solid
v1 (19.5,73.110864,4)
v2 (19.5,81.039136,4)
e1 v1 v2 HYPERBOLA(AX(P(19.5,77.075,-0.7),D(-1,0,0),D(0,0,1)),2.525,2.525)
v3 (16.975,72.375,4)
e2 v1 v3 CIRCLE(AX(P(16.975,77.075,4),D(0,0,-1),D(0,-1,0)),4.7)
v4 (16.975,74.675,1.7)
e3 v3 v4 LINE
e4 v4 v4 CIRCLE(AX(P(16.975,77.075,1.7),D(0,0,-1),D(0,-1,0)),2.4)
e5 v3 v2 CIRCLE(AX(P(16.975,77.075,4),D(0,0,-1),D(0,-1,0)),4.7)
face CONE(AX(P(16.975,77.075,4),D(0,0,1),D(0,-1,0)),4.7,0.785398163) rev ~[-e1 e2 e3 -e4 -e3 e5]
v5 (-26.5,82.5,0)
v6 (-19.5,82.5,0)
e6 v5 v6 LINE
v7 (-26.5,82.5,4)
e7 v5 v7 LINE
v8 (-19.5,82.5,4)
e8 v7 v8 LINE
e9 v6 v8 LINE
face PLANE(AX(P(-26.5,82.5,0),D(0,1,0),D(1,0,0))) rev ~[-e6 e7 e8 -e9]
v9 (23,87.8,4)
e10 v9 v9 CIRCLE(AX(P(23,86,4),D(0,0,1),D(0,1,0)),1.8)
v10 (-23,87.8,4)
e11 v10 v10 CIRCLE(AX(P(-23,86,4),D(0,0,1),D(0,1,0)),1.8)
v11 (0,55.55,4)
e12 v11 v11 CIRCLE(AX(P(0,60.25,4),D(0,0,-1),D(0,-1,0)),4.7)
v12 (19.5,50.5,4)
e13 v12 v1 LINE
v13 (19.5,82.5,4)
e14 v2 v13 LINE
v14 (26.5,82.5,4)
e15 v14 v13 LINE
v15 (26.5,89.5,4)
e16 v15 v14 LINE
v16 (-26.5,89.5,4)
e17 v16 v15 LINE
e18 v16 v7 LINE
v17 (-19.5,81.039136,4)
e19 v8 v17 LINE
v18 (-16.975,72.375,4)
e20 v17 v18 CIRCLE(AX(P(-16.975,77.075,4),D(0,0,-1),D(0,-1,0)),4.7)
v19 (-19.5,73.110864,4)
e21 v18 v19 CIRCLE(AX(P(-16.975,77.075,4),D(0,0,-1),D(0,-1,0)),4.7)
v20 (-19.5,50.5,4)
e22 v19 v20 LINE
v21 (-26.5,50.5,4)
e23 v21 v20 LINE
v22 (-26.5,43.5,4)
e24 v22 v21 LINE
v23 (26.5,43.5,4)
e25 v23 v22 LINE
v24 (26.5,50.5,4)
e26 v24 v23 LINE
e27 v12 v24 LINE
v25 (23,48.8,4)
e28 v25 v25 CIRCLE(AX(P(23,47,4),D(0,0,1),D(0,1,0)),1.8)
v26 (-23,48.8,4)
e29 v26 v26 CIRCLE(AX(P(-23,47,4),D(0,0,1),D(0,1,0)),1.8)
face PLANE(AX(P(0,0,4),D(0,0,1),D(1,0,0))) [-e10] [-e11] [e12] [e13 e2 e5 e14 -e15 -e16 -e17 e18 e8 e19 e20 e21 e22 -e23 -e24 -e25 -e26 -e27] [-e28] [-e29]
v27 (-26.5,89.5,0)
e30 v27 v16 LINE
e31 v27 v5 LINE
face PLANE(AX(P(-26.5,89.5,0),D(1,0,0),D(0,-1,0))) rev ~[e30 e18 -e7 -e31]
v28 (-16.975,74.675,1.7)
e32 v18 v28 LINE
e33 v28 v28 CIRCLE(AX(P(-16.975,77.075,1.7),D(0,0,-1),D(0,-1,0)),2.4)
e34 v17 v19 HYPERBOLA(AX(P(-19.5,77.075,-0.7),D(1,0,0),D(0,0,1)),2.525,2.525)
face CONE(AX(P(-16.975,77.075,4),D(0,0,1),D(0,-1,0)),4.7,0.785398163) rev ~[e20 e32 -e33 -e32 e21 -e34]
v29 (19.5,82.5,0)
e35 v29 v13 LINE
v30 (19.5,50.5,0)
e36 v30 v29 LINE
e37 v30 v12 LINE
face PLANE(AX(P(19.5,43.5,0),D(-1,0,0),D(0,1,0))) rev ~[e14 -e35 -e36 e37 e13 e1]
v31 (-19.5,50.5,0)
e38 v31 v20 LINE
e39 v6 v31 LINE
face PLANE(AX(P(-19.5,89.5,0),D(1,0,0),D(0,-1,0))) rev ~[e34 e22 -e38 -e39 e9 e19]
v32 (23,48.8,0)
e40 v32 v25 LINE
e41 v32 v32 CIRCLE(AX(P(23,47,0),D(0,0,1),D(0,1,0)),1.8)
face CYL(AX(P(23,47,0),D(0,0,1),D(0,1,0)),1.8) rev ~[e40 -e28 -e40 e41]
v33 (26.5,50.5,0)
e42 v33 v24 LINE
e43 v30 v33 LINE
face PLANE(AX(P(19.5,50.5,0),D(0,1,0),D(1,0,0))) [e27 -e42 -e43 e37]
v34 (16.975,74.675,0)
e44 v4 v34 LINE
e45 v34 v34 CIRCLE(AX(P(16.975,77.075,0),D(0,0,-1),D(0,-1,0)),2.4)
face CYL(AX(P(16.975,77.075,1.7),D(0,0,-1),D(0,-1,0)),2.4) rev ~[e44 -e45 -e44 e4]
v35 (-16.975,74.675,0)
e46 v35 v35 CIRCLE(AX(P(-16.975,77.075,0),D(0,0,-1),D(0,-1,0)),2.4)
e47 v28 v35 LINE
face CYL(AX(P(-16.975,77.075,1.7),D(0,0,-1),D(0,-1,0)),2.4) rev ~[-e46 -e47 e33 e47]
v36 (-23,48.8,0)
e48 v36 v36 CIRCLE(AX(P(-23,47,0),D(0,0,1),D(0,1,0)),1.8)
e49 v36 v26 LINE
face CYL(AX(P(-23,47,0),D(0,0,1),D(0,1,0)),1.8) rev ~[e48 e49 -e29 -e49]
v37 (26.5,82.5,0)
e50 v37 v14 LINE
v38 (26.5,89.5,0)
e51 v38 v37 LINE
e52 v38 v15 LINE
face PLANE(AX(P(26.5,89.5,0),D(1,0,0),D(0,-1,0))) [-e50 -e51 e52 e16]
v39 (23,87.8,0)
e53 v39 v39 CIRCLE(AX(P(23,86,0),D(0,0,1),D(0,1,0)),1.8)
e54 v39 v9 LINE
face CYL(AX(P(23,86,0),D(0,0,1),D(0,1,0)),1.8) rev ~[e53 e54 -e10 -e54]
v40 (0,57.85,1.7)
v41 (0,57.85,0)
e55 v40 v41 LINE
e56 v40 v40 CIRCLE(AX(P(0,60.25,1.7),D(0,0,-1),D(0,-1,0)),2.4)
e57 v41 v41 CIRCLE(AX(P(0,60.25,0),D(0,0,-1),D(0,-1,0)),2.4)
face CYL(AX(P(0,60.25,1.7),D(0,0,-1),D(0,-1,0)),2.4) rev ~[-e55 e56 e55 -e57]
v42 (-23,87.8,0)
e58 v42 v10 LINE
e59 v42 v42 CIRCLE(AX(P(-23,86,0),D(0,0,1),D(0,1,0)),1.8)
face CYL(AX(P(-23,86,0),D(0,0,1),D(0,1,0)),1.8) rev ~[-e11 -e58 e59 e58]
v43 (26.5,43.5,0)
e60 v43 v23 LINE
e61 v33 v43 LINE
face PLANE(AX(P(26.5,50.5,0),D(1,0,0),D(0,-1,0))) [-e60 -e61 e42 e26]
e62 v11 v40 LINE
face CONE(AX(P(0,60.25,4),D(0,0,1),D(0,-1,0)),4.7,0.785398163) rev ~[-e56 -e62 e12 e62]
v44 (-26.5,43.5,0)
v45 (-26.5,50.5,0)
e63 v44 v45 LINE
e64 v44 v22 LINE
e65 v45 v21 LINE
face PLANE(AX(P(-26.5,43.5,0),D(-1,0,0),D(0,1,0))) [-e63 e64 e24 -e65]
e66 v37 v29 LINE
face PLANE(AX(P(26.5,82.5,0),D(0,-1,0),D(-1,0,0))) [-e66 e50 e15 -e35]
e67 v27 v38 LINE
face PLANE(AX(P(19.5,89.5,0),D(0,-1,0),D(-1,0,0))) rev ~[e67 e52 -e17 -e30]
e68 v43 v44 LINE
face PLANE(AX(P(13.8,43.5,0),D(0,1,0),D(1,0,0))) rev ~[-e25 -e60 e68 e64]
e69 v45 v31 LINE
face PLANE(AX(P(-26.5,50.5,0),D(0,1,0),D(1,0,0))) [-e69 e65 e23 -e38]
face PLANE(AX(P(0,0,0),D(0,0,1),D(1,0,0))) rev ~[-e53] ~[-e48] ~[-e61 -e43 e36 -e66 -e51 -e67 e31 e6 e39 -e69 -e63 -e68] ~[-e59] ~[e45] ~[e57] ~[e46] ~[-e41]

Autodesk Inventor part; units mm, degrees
ref_plane "YZ Plane" through (0, 0, 0) normal (1, 0, 0) x (0, 1, 0)
ref_plane "XZ Plane" through (0, 0, 0) normal (0, 1, 0) x (-1, 0, 0)
ref_plane "XY Plane" through (0, 0, 0) normal (0, 0, 1) x (1, 0, 0)
sketch "Sketch1" plane through (0, 0, 0) normal (0, 0, 1) x (1, 0, 0)
  circle A0 centre (16.975, 77.075) radius 1.621 projected
  circle A1 centre (0, 60.25) radius 1.621 projected
  circle A2 centre (-16.975, 77.075) radius 1.621 projected
  line L0 (-19.5, 89.5) -> (-19.5, 43.5) projected
  line L1 (-19.5, 43.5) -> (-13.8, 43.5) projected
  line L2 (-13.8, 43.5) -> (-13.8, 49.1) projected
  arc A3 (-10.8, 52.1) -> (-13.8, 49.1) centre (-10.8, 49.1) ccw projected
  line L3 (-10.8, 52.1) -> (10.8, 52.1) projected
  arc A4 (13.8, 49.1) -> (10.8, 52.1) centre (10.8, 49.1) ccw projected
  line L4 (13.8, 49.1) -> (13.8, 43.5) projected
  line L5 (13.8, 43.5) -> (19.5, 43.5) projected
  line L6 (19.5, 43.5) -> (19.5, 89.5) projected
  line L7 (19.5, 89.5) -> (-19.5, 89.5) projected
  circle A5 centre (-17, 46.5) radius 1.25 projected
  circle A6 centre (17, 46.5) radius 1.25 projected
  circle A7 centre (17, 86.5) radius 1.25 projected
  circle A8 centre (-17, 86.5) radius 1.25 projected
  line L8 (-19.5, 89.5) -> (19.5, 89.5)
  line L9 (19.5, 89.5) -> (19.5, 43.5)
  line L10 (19.5, 43.5) -> (-19.5, 43.5)
  line L11 (-19.5, 43.5) -> (-19.5, 89.5)
  point P0 (0, 0)
  point P1 (-13.8, 43.5)
  point P2 (13.8, 43.5)
extrude "Extrusion1" add sketch "Sketch1" along normal blind 4 contours A0 | A1 | A2 | L7 L6 L5 L4 A4 L3 A3 L2 L1 L0 | L2 A3 L3 A4 L4 L10 | A5 | A6 | A7 | A8
sketch "Sketch2" plane through (0, 0, 4) normal (0, 0, 1) x (1, 0, 0)
  circle A0 centre (16.975, 77.075) radius 1.621 projected
  circle A1 centre (0, 60.25) radius 1.621 projected
  circle A2 centre (-16.975, 77.075) radius 1.621 projected
  line L0 (-19.5, 89.5) -> (-19.5, 43.5) projected
  line L1 (-19.5, 43.5) -> (-13.8, 43.5) projected
  line L2 (-13.8, 43.5) -> (-13.8, 49.1) projected
  arc A3 (-10.8, 52.1) -> (-13.8, 49.1) centre (-10.8, 49.1) ccw projected
  line L3 (-10.8, 52.1) -> (10.8, 52.1) projected
  arc A4 (13.8, 49.1) -> (10.8, 52.1) centre (10.8, 49.1) ccw projected
  line L4 (13.8, 49.1) -> (13.8, 43.5) projected
  line L5 (13.8, 43.5) -> (19.5, 43.5) projected
  line L6 (19.5, 43.5) -> (19.5, 89.5) projected
  line L7 (19.5, 89.5) -> (-19.5, 89.5) projected
  circle A5 centre (-17, 46.5) radius 1.25 projected
  circle A6 centre (17, 46.5) radius 1.25 projected
  circle A7 centre (17, 86.5) radius 1.25 projected
  circle A8 centre (-17, 86.5) radius 1.25 projected
  point P0 (0, 0)
hole "Hole1" at (-16.975, 77.075, 4) at (16.975, 77.075, 4) at (0, 60.25, 4) direction (0, 0, -1) diameter 4.8 depth 5 countersink diameter 9.4 countersink angle 90 clearance for "Countersunk Flat Head Screw ISO 2009/7046" size "M4" standard "ISO"
sketch "Sketch3" plane through (0, 0, 0) normal (0, 0, -1) x (-1, 0, 0)
  line L0 (-19.5, 81.0391) -> (-19.5, 89.5) projected
  line L1 (-19.5, 89.5) -> (19.5, 89.5) projected
  line L2 (19.5, 89.5) -> (19.5, 81.0391) projected
  line L3 (19.5, 43.5) -> (-19.5, 43.5) projected
  line L4 (-19.5, 89.5) -> (19.5, 89.5) projected
  line L5 (19.5, 89.5) -> (26.5, 89.5)
  line L6 (26.5, 89.5) -> (26.5, 82.5)
  line L7 (26.5, 82.5) -> (19.5, 82.5)
  line L8 (19.5, 82.5) -> (19.5, 89.5)
  line L9 (-19.5, 89.5) -> (-26.5, 89.5)
  line L10 (-26.5, 89.5) -> (-26.5, 82.5)
  line L11 (-26.5, 82.5) -> (-19.5, 82.5)
  line L12 (-19.5, 82.5) -> (-19.5, 89.5)
  line L13 (19.5, 43.5) -> (-19.5, 43.5) projected
  line L14 (19.5, 43.5) -> (26.5, 43.5)
  line L15 (26.5, 43.5) -> (26.5, 50.5)
  line L16 (26.5, 50.5) -> (19.5, 50.5)
  line L17 (19.5, 50.5) -> (19.5, 43.5)
  line L18 (-19.5, 50.5) -> (-26.5, 50.5)
  line L19 (-26.5, 50.5) -> (-26.5, 43.5)
  line L20 (-26.5, 43.5) -> (-19.5, 43.5)
  line L21 (-19.5, 43.5) -> (-19.5, 50.5)
  arc A0 (-19.5, 73.1109) -> (-19.5, 81.0391) centre (-16.975, 77.075) ccw projected
  arc A1 (19.5, 81.0391) -> (19.5, 73.1109) centre (16.975, 77.075) ccw projected
  line L22 (19.5, 73.1109) -> (19.5, 43.5) projected
  line L23 (-19.5, 43.5) -> (-19.5, 73.1109) projected
  point P0 (0, 0)
  point P1 (-19.5, 82.5)
  point P2 (19.5, 82.5)
  dimension "d9" = 7
  dimension "d10" = 7
  dimension "d11" = 7
  dimension "d12" = 7
  dimension "d15" = 7
  dimension "d16" = 7
  dimension "d17" = 7
  dimension "d18" = 7
  dimension "d19" = 0
extrude "Extrusion2" add sketch "Sketch3" against normal up to surface (4 mm away) contours L11 L10 L9 L0 | L21 L20 L19 L18 | L5 L6 L7 L2 | L17 L16 L15 L14
sketch "Sketch4" plane through (0, 0, 0) normal (0, 0, -1) x (-1, 0, 0)
  line L0 (26.5, 43.5) -> (-26.5, 43.5) projected
  line L1 (26.5, 43.5) -> (26.5, 50.5) projected
  line L2 (26.5, 50.5) -> (19.5, 50.5) projected
  line L3 (19.5, 82.5) -> (19.5, 50.5) projected
  line L4 (19.5, 82.5) -> (26.5, 82.5) projected
  line L5 (26.5, 82.5) -> (26.5, 89.5) projected
  line L6 (26.5, 89.5) -> (-26.5, 89.5) projected
  line L7 (-26.5, 89.5) -> (-26.5, 82.5) projected
  line L8 (-26.5, 82.5) -> (-19.5, 82.5) projected
  line L9 (-19.5, 50.5) -> (-19.5, 82.5) projected
  line L10 (-19.5, 50.5) -> (-26.5, 50.5) projected
  line L11 (-26.5, 50.5) -> (-26.5, 43.5) projected
  line L12 (26.5, 50.5) -> (19.5, 43.5)
  line L13 (19.5, 82.5) -> (19.5, 50.5) projected
  line L14 (26.5, 43.5) -> (19.5, 50.5)
  line L15 (-26.5, 50.5) -> (-26.5, 43.5) projected
  line L16 (-26.5, 50.5) -> (-19.5, 43.5)
  line L17 (-26.5, 43.5) -> (-19.5, 50.5)
  line L18 (26.5, 89.5) -> (19.5, 82.5)
  line L19 (26.5, 82.5) -> (19.5, 89.5)
  line L20 (-19.5, 50.5) -> (-19.5, 82.5) projected
  line L21 (-26.5, 89.5) -> (-19.5, 82.5)
  line L22 (-19.5, 82.5) -> (-26.5, 82.5)
  line L23 (-26.5, 82.5) -> (-19.5, 89.5)
  point P0 (0, 0)
  point P1 (19.5, 73.1109)
  point P2 (-19.5, 81.0391)
  point P3 (23, 47)
  point P4 (-23, 47)
  point P5 (-23, 86)
  point P6 (23, 86)
hole "Hole2" at (-23, 47, 0) at (23, 47, 0) at (23, 86, 0) at (-23, 86, 0) direction (0, 0, 1) diameter 3.6 depth 5 clearance for "Countersunk Flat Head Screw ISO 2009/7046" size "M3" standard "ISO"
properties part number "vesc_holder"
